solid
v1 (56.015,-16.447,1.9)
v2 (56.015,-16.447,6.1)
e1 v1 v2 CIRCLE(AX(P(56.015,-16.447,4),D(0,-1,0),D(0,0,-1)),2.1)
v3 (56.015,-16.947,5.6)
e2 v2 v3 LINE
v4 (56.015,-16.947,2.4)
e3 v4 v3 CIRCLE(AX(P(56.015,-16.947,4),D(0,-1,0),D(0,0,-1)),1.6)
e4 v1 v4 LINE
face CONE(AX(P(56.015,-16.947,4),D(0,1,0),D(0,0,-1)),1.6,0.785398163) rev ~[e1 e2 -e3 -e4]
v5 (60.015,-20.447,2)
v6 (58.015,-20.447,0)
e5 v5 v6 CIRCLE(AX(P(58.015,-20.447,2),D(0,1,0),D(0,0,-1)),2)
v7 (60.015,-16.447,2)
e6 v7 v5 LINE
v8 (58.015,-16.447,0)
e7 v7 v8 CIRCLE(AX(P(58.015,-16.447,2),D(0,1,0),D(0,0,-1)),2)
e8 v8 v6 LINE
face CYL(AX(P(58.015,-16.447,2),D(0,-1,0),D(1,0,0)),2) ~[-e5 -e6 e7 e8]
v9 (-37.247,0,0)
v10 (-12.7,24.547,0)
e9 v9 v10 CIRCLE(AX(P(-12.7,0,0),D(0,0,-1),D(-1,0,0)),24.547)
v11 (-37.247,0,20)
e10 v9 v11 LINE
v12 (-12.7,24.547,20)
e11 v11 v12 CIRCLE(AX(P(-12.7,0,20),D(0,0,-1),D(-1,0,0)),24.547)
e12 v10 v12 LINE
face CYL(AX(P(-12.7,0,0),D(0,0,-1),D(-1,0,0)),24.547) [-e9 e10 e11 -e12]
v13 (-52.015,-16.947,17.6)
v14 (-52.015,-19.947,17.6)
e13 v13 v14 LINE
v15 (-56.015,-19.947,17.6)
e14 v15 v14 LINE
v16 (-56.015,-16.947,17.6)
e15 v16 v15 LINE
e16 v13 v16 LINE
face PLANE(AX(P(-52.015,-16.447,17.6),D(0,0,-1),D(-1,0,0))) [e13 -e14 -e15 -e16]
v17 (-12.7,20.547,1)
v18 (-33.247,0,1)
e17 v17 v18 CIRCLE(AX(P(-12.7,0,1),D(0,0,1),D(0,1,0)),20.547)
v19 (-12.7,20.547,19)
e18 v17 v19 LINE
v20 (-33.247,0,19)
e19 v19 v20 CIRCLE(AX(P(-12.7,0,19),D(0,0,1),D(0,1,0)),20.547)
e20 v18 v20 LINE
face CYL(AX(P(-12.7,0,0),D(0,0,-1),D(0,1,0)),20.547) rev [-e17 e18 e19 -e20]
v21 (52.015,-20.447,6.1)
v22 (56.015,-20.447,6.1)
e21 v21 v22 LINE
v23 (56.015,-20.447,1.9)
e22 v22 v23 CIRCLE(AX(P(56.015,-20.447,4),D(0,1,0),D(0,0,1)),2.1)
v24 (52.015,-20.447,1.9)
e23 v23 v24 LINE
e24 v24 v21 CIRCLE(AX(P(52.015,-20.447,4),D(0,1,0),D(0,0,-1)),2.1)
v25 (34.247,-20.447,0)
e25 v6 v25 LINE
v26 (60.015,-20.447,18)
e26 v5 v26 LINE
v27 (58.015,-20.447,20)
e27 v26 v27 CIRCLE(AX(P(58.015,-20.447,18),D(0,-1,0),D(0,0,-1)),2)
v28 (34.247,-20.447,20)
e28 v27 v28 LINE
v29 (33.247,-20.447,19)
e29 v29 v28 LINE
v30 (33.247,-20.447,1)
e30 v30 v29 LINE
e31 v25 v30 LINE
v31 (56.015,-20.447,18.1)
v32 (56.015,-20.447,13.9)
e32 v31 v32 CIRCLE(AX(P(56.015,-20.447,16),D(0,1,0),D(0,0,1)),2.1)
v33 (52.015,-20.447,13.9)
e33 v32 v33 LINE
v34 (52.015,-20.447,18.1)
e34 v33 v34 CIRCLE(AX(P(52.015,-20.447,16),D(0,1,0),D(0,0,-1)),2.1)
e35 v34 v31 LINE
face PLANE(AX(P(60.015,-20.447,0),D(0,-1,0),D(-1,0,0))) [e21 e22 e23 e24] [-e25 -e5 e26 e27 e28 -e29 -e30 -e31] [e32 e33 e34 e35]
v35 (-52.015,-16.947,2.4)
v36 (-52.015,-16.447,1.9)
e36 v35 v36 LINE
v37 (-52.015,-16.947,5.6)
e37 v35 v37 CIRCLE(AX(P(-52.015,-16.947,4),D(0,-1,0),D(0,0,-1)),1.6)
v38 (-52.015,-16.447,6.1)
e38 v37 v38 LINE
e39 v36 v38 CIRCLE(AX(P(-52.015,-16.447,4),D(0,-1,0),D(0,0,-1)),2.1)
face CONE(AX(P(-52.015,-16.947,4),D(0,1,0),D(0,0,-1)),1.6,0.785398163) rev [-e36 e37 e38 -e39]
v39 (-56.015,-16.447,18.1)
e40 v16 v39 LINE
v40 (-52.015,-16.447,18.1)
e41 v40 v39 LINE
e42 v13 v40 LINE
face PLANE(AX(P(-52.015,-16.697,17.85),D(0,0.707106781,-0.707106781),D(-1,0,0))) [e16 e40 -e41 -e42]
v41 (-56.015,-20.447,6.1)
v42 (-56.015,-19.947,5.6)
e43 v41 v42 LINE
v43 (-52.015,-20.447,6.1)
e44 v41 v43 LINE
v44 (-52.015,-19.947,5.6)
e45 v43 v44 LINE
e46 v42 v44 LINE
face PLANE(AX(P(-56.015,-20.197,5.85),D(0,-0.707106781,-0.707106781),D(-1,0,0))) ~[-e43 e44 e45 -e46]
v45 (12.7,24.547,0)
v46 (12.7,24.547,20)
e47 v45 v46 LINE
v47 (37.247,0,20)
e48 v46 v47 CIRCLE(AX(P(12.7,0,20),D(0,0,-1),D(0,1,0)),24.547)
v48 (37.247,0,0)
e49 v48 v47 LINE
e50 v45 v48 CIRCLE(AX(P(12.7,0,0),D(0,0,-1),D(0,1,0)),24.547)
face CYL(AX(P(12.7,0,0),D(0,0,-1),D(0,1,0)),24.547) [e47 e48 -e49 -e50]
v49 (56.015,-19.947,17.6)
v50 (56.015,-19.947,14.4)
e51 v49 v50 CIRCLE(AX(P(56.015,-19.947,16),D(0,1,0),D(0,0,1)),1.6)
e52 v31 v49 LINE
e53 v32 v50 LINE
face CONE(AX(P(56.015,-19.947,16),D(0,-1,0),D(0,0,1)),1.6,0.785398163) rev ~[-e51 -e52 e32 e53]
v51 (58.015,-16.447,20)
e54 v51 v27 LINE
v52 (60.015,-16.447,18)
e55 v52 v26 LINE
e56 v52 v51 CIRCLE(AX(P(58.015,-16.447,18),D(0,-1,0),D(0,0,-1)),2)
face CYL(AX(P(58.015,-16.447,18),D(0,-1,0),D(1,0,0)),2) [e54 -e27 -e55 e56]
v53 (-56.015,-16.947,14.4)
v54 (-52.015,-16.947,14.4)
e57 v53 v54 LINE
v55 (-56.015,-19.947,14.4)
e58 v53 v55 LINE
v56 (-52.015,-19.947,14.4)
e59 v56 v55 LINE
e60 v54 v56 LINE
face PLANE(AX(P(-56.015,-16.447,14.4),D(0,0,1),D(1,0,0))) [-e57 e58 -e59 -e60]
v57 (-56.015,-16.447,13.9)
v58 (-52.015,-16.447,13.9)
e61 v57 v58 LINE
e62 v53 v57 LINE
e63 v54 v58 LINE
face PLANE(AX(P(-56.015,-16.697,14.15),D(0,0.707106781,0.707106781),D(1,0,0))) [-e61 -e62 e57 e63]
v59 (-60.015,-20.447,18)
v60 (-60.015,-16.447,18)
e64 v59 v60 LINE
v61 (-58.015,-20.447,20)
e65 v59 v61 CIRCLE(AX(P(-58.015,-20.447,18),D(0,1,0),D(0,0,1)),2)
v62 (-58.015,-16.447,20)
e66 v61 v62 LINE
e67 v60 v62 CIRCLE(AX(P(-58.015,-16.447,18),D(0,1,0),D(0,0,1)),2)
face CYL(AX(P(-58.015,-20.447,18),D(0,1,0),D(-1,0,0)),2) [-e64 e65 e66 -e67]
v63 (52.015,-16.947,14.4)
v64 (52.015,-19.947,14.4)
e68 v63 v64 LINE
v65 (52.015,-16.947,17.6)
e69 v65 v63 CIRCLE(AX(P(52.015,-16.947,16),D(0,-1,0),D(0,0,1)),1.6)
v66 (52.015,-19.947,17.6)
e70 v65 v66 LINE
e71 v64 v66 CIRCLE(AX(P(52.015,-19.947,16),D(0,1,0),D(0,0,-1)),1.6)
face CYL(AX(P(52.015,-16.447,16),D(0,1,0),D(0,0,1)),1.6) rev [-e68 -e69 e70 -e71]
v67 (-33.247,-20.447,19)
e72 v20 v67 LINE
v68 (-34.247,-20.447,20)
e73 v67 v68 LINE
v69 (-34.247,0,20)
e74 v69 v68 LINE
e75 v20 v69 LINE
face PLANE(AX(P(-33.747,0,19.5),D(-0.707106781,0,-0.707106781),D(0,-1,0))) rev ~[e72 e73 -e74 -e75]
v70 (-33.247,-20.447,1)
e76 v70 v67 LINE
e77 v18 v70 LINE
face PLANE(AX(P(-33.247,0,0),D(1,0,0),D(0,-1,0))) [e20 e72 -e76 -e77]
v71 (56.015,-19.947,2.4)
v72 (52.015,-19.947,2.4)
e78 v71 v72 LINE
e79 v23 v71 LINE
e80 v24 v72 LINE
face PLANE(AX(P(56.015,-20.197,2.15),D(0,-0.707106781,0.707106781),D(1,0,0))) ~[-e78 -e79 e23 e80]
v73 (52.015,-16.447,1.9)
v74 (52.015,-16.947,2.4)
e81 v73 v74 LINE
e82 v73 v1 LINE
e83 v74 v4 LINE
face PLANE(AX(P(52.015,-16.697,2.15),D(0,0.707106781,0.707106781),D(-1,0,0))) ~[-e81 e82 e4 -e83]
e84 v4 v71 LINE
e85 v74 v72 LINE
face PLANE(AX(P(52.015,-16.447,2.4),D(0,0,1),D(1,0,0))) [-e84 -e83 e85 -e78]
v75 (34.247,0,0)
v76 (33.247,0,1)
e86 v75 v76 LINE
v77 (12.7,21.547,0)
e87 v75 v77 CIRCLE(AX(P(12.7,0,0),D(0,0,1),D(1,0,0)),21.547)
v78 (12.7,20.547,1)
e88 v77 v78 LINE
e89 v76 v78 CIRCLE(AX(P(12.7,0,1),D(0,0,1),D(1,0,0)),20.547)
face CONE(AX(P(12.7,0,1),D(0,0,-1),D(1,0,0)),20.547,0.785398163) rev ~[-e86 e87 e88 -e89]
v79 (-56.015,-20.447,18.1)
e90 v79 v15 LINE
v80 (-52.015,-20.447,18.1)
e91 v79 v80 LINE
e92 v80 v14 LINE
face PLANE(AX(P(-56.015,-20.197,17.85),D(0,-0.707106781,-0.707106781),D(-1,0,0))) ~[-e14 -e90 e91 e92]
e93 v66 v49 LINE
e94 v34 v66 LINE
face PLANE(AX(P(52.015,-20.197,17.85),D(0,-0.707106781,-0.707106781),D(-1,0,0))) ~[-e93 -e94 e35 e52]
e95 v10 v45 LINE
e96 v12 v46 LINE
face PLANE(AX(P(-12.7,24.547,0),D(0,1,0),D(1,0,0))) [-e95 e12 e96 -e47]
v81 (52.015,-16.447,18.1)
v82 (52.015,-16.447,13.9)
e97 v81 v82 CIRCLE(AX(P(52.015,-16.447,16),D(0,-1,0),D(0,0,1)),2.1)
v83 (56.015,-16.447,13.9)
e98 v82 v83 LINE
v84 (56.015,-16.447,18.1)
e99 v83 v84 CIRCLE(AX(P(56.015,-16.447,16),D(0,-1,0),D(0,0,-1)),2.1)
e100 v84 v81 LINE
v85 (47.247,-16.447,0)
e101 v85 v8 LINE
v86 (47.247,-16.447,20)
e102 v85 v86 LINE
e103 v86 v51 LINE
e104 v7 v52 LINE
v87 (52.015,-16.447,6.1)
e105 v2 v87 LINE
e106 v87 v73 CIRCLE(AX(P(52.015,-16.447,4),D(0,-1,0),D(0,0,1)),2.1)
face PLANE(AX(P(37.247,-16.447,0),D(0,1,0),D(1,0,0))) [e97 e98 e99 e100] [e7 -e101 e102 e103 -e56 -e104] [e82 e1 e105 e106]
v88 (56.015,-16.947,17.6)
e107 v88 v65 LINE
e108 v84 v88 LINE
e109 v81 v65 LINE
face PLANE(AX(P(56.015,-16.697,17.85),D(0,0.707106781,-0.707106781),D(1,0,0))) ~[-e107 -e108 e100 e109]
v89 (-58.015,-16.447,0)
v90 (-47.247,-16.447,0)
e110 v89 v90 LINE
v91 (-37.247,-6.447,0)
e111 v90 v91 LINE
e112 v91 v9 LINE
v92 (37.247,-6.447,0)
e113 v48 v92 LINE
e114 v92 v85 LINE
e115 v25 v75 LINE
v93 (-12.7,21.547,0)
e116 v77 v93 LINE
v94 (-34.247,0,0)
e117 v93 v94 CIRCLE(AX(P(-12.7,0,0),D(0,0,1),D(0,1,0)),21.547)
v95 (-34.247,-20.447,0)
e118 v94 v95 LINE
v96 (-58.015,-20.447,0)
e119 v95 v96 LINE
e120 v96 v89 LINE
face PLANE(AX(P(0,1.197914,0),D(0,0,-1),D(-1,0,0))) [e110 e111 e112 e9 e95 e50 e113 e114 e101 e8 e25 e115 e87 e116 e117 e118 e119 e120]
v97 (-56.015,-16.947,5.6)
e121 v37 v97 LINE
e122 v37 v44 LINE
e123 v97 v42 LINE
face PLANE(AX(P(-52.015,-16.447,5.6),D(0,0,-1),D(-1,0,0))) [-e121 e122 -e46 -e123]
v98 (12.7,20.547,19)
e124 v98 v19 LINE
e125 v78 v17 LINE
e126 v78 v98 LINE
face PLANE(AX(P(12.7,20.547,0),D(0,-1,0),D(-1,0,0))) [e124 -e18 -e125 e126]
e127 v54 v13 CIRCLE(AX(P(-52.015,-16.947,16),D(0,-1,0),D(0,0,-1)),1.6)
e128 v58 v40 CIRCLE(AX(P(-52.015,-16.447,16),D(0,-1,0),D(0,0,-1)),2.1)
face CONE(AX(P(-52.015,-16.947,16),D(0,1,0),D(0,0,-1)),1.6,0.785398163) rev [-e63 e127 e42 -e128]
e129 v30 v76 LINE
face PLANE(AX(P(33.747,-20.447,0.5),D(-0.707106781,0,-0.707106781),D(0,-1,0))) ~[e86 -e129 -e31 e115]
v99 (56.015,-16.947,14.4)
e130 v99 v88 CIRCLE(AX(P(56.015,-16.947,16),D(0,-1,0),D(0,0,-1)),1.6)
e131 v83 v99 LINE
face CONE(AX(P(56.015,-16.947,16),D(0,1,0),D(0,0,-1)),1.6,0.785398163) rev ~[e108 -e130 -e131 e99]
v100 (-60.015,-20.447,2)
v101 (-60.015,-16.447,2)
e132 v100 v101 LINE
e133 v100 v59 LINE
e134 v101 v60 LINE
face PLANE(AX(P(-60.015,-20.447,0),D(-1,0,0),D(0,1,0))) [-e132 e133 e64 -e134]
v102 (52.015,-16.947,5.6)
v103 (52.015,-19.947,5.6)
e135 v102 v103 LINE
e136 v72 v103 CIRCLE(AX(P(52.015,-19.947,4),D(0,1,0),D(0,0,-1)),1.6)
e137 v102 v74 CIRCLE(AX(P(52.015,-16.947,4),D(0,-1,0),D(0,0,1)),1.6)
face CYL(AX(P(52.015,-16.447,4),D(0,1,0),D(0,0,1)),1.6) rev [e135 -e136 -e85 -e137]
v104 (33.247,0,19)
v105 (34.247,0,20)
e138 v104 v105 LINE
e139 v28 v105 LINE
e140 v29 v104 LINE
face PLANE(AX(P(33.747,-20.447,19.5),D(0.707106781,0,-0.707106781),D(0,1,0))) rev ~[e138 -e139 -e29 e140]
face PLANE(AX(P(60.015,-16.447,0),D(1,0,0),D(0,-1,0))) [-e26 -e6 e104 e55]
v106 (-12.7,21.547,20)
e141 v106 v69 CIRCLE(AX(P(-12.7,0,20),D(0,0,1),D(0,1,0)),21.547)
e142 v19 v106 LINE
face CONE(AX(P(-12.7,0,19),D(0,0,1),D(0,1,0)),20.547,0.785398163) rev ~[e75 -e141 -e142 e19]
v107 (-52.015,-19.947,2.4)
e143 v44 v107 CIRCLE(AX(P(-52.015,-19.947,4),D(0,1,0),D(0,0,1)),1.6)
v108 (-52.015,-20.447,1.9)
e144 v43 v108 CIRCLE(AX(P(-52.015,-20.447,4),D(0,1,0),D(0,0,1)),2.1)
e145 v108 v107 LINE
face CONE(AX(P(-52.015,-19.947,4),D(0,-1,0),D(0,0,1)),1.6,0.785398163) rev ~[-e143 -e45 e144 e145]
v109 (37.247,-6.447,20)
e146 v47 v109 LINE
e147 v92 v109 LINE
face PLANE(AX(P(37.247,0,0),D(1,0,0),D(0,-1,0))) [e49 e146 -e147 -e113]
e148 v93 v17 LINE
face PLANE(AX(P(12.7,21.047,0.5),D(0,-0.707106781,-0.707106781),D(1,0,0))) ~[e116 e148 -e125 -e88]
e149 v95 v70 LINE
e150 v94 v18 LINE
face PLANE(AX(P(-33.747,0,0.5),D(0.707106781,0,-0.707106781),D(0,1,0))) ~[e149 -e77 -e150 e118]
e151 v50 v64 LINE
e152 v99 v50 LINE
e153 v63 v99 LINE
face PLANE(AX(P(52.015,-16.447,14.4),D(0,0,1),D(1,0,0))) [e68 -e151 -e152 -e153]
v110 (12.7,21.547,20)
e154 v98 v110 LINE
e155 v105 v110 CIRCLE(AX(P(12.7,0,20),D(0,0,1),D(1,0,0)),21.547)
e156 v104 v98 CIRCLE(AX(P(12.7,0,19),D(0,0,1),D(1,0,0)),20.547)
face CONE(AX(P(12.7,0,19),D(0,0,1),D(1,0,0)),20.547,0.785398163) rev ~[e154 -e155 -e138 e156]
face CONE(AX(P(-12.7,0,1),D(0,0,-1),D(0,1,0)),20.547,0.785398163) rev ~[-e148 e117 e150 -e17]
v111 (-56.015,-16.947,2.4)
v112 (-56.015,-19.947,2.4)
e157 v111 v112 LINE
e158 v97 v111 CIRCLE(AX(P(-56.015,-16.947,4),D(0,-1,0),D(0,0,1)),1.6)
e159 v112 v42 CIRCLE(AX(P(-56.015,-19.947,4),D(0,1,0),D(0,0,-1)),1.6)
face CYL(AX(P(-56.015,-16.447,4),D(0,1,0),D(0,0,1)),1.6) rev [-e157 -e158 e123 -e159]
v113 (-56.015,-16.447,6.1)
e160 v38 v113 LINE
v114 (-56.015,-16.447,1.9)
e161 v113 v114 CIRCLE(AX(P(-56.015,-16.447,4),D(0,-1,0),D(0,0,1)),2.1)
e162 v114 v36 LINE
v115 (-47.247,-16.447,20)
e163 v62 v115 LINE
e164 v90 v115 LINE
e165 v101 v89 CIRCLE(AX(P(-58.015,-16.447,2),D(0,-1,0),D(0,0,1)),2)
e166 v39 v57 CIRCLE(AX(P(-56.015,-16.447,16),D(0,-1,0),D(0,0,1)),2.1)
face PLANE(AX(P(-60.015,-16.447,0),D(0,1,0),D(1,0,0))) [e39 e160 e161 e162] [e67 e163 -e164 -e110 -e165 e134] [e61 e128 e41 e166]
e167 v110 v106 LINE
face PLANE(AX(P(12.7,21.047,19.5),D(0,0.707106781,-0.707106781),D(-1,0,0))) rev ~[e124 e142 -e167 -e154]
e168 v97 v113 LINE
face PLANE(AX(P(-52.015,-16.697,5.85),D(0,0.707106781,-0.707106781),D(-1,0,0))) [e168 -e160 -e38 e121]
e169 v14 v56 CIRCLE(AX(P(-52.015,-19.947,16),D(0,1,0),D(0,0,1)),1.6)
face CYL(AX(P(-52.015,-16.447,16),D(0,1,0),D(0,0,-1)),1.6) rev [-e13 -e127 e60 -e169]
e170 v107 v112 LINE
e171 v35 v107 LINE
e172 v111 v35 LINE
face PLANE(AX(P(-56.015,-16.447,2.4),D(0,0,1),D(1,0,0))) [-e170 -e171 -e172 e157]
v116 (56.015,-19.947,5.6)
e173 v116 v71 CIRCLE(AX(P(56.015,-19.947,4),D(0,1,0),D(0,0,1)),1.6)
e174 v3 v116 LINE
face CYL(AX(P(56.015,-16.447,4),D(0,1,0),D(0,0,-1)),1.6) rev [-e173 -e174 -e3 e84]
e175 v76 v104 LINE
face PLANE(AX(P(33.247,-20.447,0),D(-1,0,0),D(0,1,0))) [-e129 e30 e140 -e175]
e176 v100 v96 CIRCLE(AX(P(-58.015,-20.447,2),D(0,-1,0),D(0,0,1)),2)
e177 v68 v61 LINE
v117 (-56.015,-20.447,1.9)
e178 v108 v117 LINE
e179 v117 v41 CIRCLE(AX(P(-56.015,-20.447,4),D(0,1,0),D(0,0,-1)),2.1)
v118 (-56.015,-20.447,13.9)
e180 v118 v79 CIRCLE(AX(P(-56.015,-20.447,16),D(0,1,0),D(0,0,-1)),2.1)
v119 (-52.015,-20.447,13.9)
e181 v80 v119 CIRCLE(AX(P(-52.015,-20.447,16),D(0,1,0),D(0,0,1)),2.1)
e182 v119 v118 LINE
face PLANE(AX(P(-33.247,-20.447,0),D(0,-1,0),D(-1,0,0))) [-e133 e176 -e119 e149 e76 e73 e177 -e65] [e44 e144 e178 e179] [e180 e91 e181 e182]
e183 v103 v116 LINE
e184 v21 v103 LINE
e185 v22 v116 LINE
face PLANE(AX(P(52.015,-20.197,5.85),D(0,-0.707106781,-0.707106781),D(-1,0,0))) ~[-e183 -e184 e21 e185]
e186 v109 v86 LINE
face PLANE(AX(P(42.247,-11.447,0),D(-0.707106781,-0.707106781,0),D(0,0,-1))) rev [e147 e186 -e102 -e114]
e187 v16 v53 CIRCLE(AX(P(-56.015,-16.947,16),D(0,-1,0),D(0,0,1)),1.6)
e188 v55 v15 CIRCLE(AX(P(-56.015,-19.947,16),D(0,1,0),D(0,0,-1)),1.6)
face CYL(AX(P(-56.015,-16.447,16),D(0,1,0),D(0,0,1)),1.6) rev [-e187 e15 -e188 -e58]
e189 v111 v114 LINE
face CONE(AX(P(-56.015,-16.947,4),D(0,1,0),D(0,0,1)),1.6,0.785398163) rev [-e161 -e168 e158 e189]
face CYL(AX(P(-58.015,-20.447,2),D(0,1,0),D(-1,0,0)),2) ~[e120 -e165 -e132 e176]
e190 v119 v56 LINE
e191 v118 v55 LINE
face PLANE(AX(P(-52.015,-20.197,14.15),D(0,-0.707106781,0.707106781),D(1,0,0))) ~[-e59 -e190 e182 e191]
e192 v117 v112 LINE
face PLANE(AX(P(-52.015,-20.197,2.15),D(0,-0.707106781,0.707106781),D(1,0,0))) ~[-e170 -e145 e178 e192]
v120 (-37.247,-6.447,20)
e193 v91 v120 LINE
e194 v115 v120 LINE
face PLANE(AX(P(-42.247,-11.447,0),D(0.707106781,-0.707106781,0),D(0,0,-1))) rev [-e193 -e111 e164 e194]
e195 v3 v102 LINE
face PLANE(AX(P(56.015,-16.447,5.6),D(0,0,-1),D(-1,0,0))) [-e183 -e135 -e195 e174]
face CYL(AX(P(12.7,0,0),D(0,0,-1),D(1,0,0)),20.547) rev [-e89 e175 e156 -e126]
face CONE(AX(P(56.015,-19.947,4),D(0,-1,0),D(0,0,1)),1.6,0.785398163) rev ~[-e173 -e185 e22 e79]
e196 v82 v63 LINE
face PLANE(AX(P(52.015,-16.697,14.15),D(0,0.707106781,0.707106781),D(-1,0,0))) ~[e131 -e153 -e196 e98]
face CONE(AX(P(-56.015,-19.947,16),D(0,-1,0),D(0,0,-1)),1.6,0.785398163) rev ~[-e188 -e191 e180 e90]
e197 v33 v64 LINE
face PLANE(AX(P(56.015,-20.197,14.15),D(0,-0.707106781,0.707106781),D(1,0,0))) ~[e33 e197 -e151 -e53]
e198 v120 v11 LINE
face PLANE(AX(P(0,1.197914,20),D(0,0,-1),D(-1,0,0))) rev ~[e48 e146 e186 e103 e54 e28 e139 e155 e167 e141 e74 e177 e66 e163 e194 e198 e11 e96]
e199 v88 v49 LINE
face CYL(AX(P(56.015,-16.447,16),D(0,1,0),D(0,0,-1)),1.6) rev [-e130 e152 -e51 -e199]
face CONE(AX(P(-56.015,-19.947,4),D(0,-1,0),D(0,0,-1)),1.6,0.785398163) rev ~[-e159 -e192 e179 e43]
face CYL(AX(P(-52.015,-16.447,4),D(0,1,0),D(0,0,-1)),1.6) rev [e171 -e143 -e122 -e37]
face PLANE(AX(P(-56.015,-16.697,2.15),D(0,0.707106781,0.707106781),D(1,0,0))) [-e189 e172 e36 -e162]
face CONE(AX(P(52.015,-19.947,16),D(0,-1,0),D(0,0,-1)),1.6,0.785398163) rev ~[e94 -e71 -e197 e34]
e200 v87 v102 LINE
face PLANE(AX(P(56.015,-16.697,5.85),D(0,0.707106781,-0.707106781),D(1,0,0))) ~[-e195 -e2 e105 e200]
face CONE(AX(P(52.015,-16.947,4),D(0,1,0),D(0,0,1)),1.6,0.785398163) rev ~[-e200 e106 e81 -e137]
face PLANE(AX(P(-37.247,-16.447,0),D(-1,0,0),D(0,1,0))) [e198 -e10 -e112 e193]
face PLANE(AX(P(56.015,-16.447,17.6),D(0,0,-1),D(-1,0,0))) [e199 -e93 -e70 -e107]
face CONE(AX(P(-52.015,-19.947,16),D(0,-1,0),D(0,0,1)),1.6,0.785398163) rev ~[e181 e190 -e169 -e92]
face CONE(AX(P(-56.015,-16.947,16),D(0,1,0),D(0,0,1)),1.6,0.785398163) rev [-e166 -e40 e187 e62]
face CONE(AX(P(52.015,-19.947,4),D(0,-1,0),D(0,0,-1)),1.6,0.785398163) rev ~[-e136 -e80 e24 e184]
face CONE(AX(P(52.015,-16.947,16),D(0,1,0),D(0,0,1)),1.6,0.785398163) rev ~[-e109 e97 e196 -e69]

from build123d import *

# Parameters (mm, degrees)
BOSS_EXTRUDE1_DEPTH = 20
FILLET1_R           = 2
CUT_EXTRUDE1_DEPTH  = 76.381086892
CHAMFER1_SIZE       = 0.5
CHAMFER2_SIZE       = 10
CHAMFER3_SIZE       = 1


with BuildPart() as part:
    # Sketch1 → Boss-Extrude1 (new body)
    with BuildSketch(Plane.XY):
        with BuildLine():
            Line((12.7, 20.547), (-12.7, 20.547))
            ThreePointArc((-12.7, 20.547), (-27.228923033, 14.528923033), (-33.247, 0))
            Line((-33.247, 0), (-33.247, -20.447))
            Line((-33.247, -20.447), (-60.015, -20.447))
            Line((-60.015, -20.447), (-60.015, -16.447))
            Line((-60.015, -16.447), (-37.247, -16.447))
            Line((-37.247, -16.447), (-37.247, 0))
            ThreePointArc((-37.247, 0), (-30.057350158, 17.357350158), (-12.7, 24.547))
            Line((-12.7, 24.547), (12.7, 24.547))
            ThreePointArc((12.7, 24.547), (30.057350158, 17.357350158), (37.247, 0))
            Line((37.247, 0), (37.247, -16.447))
            Line((37.247, -16.447), (60.015, -16.447))
            Line((60.015, -16.447), (60.015, -20.447))
            Line((60.015, -20.447), (33.247, -20.447))
            Line((33.247, -20.447), (33.247, 0))
            ThreePointArc((33.247, 0), (27.228923033, 14.528923033), (12.7, 20.547))
        make_face()
    extrude(amount=BOSS_EXTRUDE1_DEPTH)

    # Fillet1
    fillet1_edges = [part.edges().sort_by_distance(p)[0] for p in [
        (60.015, -18.447, 20),
        (-60.015, -18.447, 0),
        (60.015, -18.447, 0),
        (-60.015, -18.447, 20),
    ]]
    fillet(fillet1_edges, radius=FILLET1_R)

    # Sketch3 → Cut-Extrude1 (cut, through all)
    with BuildSketch(Plane(origin=(0, -16.447, 0), x_dir=(1, 0, 0), z_dir=(0, 1, 0))):
        with BuildLine():
            Line((52.015, -2.4), (56.015, -2.4))
            ThreePointArc((56.015, -2.4), (57.615, -4), (56.015, -5.6))
            Line((56.015, -5.6), (52.015, -5.6))
            ThreePointArc((52.015, -5.6), (50.415, -4), (52.015, -2.4))
        make_face()
        with BuildLine():
            Line((56.015, -17.6), (52.015, -17.6))
            ThreePointArc((52.015, -17.6), (50.415, -16), (52.015, -14.4))
            Line((52.015, -14.4), (56.015, -14.4))
            ThreePointArc((56.015, -14.4), (57.615, -16), (56.015, -17.6))
        make_face()
        with BuildLine():
            Line((-52.015, -5.6), (-56.015, -5.6))
            ThreePointArc((-56.015, -5.6), (-57.615, -4), (-56.015, -2.4))
            Line((-56.015, -2.4), (-52.015, -2.4))
            ThreePointArc((-52.015, -2.4), (-50.415, -4), (-52.015, -5.6))
        make_face()
        with BuildLine():
            Line((-56.015, -14.4), (-52.015, -14.4))
            ThreePointArc((-52.015, -14.4), (-50.415, -16), (-52.015, -17.6))
            Line((-52.015, -17.6), (-56.015, -17.6))
            ThreePointArc((-56.015, -17.6), (-57.615, -16), (-56.015, -14.4))
        make_face()
    extrude(amount=-CUT_EXTRUDE1_DEPTH, mode=Mode.SUBTRACT)

    # Chamfer1
    chamfer1_edges = [part.edges().sort_by_distance(p)[0] for p in [
        (-50.415, -20.447, 16),
        (-54.015, -20.447, 17.6),
        (-57.615, -20.447, 16),
        (-54.015, -20.447, 14.4),
        (-50.415, -16.447, 16),
        (-54.015, -16.447, 14.4),
        (-57.615, -16.447, 16),
        (-54.015, -16.447, 17.6),
        (50.415, -20.447, 4),
        (54.015, -20.447, 2.4),
        (57.615, -20.447, 4),
        (54.015, -20.447, 5.6),
        (50.415, -16.447, 4),
        (54.015, -16.447, 5.6),
        (57.615, -16.447, 4),
        (54.015, -16.447, 2.4),
        (57.615, -20.447, 16),
        (54.015, -20.447, 17.6),
        (50.415, -20.447, 16),
        (54.015, -20.447, 14.4),
        (57.615, -16.447, 16),
        (54.015, -16.447, 14.4),
        (50.415, -16.447, 16),
        (54.015, -16.447, 17.6),
        (-50.415, -20.447, 4),
        (-54.015, -20.447, 5.6),
        (-57.615, -20.447, 4),
        (-54.015, -20.447, 2.4),
        (-50.415, -16.447, 4),
        (-54.015, -16.447, 2.4),
        (-57.615, -16.447, 4),
        (-54.015, -16.447, 5.6),
    ]]
    chamfer(chamfer1_edges, length=CHAMFER1_SIZE)

    # Chamfer2
    chamfer2_edges = [part.edges().sort_by_distance(p)[0] for p in [
        (-37.247, -16.447, 10),
        (37.247, -16.447, 10),
    ]]
    chamfer(chamfer2_edges, length=CHAMFER2_SIZE)

    # Chamfer3
    chamfer3_edges = [part.edges().sort_by_distance(p)[0] for p in [
        (0, 20.547, 0),
        (-27.228923033, 14.528923033, 0),
        (-33.247, -10.2235, 0),
        (33.247, -10.2235, 0),
        (27.228923033, 14.528923033, 0),
        (27.228923033, 14.528923033, 20),
        (-33.247, -10.2235, 20),
        (-27.228923033, 14.528923033, 20),
        (0, 20.547, 20),
        (33.247, -10.2235, 20),
    ]]
    chamfer(chamfer3_edges, length=CHAMFER3_SIZE)


solid = part.part
